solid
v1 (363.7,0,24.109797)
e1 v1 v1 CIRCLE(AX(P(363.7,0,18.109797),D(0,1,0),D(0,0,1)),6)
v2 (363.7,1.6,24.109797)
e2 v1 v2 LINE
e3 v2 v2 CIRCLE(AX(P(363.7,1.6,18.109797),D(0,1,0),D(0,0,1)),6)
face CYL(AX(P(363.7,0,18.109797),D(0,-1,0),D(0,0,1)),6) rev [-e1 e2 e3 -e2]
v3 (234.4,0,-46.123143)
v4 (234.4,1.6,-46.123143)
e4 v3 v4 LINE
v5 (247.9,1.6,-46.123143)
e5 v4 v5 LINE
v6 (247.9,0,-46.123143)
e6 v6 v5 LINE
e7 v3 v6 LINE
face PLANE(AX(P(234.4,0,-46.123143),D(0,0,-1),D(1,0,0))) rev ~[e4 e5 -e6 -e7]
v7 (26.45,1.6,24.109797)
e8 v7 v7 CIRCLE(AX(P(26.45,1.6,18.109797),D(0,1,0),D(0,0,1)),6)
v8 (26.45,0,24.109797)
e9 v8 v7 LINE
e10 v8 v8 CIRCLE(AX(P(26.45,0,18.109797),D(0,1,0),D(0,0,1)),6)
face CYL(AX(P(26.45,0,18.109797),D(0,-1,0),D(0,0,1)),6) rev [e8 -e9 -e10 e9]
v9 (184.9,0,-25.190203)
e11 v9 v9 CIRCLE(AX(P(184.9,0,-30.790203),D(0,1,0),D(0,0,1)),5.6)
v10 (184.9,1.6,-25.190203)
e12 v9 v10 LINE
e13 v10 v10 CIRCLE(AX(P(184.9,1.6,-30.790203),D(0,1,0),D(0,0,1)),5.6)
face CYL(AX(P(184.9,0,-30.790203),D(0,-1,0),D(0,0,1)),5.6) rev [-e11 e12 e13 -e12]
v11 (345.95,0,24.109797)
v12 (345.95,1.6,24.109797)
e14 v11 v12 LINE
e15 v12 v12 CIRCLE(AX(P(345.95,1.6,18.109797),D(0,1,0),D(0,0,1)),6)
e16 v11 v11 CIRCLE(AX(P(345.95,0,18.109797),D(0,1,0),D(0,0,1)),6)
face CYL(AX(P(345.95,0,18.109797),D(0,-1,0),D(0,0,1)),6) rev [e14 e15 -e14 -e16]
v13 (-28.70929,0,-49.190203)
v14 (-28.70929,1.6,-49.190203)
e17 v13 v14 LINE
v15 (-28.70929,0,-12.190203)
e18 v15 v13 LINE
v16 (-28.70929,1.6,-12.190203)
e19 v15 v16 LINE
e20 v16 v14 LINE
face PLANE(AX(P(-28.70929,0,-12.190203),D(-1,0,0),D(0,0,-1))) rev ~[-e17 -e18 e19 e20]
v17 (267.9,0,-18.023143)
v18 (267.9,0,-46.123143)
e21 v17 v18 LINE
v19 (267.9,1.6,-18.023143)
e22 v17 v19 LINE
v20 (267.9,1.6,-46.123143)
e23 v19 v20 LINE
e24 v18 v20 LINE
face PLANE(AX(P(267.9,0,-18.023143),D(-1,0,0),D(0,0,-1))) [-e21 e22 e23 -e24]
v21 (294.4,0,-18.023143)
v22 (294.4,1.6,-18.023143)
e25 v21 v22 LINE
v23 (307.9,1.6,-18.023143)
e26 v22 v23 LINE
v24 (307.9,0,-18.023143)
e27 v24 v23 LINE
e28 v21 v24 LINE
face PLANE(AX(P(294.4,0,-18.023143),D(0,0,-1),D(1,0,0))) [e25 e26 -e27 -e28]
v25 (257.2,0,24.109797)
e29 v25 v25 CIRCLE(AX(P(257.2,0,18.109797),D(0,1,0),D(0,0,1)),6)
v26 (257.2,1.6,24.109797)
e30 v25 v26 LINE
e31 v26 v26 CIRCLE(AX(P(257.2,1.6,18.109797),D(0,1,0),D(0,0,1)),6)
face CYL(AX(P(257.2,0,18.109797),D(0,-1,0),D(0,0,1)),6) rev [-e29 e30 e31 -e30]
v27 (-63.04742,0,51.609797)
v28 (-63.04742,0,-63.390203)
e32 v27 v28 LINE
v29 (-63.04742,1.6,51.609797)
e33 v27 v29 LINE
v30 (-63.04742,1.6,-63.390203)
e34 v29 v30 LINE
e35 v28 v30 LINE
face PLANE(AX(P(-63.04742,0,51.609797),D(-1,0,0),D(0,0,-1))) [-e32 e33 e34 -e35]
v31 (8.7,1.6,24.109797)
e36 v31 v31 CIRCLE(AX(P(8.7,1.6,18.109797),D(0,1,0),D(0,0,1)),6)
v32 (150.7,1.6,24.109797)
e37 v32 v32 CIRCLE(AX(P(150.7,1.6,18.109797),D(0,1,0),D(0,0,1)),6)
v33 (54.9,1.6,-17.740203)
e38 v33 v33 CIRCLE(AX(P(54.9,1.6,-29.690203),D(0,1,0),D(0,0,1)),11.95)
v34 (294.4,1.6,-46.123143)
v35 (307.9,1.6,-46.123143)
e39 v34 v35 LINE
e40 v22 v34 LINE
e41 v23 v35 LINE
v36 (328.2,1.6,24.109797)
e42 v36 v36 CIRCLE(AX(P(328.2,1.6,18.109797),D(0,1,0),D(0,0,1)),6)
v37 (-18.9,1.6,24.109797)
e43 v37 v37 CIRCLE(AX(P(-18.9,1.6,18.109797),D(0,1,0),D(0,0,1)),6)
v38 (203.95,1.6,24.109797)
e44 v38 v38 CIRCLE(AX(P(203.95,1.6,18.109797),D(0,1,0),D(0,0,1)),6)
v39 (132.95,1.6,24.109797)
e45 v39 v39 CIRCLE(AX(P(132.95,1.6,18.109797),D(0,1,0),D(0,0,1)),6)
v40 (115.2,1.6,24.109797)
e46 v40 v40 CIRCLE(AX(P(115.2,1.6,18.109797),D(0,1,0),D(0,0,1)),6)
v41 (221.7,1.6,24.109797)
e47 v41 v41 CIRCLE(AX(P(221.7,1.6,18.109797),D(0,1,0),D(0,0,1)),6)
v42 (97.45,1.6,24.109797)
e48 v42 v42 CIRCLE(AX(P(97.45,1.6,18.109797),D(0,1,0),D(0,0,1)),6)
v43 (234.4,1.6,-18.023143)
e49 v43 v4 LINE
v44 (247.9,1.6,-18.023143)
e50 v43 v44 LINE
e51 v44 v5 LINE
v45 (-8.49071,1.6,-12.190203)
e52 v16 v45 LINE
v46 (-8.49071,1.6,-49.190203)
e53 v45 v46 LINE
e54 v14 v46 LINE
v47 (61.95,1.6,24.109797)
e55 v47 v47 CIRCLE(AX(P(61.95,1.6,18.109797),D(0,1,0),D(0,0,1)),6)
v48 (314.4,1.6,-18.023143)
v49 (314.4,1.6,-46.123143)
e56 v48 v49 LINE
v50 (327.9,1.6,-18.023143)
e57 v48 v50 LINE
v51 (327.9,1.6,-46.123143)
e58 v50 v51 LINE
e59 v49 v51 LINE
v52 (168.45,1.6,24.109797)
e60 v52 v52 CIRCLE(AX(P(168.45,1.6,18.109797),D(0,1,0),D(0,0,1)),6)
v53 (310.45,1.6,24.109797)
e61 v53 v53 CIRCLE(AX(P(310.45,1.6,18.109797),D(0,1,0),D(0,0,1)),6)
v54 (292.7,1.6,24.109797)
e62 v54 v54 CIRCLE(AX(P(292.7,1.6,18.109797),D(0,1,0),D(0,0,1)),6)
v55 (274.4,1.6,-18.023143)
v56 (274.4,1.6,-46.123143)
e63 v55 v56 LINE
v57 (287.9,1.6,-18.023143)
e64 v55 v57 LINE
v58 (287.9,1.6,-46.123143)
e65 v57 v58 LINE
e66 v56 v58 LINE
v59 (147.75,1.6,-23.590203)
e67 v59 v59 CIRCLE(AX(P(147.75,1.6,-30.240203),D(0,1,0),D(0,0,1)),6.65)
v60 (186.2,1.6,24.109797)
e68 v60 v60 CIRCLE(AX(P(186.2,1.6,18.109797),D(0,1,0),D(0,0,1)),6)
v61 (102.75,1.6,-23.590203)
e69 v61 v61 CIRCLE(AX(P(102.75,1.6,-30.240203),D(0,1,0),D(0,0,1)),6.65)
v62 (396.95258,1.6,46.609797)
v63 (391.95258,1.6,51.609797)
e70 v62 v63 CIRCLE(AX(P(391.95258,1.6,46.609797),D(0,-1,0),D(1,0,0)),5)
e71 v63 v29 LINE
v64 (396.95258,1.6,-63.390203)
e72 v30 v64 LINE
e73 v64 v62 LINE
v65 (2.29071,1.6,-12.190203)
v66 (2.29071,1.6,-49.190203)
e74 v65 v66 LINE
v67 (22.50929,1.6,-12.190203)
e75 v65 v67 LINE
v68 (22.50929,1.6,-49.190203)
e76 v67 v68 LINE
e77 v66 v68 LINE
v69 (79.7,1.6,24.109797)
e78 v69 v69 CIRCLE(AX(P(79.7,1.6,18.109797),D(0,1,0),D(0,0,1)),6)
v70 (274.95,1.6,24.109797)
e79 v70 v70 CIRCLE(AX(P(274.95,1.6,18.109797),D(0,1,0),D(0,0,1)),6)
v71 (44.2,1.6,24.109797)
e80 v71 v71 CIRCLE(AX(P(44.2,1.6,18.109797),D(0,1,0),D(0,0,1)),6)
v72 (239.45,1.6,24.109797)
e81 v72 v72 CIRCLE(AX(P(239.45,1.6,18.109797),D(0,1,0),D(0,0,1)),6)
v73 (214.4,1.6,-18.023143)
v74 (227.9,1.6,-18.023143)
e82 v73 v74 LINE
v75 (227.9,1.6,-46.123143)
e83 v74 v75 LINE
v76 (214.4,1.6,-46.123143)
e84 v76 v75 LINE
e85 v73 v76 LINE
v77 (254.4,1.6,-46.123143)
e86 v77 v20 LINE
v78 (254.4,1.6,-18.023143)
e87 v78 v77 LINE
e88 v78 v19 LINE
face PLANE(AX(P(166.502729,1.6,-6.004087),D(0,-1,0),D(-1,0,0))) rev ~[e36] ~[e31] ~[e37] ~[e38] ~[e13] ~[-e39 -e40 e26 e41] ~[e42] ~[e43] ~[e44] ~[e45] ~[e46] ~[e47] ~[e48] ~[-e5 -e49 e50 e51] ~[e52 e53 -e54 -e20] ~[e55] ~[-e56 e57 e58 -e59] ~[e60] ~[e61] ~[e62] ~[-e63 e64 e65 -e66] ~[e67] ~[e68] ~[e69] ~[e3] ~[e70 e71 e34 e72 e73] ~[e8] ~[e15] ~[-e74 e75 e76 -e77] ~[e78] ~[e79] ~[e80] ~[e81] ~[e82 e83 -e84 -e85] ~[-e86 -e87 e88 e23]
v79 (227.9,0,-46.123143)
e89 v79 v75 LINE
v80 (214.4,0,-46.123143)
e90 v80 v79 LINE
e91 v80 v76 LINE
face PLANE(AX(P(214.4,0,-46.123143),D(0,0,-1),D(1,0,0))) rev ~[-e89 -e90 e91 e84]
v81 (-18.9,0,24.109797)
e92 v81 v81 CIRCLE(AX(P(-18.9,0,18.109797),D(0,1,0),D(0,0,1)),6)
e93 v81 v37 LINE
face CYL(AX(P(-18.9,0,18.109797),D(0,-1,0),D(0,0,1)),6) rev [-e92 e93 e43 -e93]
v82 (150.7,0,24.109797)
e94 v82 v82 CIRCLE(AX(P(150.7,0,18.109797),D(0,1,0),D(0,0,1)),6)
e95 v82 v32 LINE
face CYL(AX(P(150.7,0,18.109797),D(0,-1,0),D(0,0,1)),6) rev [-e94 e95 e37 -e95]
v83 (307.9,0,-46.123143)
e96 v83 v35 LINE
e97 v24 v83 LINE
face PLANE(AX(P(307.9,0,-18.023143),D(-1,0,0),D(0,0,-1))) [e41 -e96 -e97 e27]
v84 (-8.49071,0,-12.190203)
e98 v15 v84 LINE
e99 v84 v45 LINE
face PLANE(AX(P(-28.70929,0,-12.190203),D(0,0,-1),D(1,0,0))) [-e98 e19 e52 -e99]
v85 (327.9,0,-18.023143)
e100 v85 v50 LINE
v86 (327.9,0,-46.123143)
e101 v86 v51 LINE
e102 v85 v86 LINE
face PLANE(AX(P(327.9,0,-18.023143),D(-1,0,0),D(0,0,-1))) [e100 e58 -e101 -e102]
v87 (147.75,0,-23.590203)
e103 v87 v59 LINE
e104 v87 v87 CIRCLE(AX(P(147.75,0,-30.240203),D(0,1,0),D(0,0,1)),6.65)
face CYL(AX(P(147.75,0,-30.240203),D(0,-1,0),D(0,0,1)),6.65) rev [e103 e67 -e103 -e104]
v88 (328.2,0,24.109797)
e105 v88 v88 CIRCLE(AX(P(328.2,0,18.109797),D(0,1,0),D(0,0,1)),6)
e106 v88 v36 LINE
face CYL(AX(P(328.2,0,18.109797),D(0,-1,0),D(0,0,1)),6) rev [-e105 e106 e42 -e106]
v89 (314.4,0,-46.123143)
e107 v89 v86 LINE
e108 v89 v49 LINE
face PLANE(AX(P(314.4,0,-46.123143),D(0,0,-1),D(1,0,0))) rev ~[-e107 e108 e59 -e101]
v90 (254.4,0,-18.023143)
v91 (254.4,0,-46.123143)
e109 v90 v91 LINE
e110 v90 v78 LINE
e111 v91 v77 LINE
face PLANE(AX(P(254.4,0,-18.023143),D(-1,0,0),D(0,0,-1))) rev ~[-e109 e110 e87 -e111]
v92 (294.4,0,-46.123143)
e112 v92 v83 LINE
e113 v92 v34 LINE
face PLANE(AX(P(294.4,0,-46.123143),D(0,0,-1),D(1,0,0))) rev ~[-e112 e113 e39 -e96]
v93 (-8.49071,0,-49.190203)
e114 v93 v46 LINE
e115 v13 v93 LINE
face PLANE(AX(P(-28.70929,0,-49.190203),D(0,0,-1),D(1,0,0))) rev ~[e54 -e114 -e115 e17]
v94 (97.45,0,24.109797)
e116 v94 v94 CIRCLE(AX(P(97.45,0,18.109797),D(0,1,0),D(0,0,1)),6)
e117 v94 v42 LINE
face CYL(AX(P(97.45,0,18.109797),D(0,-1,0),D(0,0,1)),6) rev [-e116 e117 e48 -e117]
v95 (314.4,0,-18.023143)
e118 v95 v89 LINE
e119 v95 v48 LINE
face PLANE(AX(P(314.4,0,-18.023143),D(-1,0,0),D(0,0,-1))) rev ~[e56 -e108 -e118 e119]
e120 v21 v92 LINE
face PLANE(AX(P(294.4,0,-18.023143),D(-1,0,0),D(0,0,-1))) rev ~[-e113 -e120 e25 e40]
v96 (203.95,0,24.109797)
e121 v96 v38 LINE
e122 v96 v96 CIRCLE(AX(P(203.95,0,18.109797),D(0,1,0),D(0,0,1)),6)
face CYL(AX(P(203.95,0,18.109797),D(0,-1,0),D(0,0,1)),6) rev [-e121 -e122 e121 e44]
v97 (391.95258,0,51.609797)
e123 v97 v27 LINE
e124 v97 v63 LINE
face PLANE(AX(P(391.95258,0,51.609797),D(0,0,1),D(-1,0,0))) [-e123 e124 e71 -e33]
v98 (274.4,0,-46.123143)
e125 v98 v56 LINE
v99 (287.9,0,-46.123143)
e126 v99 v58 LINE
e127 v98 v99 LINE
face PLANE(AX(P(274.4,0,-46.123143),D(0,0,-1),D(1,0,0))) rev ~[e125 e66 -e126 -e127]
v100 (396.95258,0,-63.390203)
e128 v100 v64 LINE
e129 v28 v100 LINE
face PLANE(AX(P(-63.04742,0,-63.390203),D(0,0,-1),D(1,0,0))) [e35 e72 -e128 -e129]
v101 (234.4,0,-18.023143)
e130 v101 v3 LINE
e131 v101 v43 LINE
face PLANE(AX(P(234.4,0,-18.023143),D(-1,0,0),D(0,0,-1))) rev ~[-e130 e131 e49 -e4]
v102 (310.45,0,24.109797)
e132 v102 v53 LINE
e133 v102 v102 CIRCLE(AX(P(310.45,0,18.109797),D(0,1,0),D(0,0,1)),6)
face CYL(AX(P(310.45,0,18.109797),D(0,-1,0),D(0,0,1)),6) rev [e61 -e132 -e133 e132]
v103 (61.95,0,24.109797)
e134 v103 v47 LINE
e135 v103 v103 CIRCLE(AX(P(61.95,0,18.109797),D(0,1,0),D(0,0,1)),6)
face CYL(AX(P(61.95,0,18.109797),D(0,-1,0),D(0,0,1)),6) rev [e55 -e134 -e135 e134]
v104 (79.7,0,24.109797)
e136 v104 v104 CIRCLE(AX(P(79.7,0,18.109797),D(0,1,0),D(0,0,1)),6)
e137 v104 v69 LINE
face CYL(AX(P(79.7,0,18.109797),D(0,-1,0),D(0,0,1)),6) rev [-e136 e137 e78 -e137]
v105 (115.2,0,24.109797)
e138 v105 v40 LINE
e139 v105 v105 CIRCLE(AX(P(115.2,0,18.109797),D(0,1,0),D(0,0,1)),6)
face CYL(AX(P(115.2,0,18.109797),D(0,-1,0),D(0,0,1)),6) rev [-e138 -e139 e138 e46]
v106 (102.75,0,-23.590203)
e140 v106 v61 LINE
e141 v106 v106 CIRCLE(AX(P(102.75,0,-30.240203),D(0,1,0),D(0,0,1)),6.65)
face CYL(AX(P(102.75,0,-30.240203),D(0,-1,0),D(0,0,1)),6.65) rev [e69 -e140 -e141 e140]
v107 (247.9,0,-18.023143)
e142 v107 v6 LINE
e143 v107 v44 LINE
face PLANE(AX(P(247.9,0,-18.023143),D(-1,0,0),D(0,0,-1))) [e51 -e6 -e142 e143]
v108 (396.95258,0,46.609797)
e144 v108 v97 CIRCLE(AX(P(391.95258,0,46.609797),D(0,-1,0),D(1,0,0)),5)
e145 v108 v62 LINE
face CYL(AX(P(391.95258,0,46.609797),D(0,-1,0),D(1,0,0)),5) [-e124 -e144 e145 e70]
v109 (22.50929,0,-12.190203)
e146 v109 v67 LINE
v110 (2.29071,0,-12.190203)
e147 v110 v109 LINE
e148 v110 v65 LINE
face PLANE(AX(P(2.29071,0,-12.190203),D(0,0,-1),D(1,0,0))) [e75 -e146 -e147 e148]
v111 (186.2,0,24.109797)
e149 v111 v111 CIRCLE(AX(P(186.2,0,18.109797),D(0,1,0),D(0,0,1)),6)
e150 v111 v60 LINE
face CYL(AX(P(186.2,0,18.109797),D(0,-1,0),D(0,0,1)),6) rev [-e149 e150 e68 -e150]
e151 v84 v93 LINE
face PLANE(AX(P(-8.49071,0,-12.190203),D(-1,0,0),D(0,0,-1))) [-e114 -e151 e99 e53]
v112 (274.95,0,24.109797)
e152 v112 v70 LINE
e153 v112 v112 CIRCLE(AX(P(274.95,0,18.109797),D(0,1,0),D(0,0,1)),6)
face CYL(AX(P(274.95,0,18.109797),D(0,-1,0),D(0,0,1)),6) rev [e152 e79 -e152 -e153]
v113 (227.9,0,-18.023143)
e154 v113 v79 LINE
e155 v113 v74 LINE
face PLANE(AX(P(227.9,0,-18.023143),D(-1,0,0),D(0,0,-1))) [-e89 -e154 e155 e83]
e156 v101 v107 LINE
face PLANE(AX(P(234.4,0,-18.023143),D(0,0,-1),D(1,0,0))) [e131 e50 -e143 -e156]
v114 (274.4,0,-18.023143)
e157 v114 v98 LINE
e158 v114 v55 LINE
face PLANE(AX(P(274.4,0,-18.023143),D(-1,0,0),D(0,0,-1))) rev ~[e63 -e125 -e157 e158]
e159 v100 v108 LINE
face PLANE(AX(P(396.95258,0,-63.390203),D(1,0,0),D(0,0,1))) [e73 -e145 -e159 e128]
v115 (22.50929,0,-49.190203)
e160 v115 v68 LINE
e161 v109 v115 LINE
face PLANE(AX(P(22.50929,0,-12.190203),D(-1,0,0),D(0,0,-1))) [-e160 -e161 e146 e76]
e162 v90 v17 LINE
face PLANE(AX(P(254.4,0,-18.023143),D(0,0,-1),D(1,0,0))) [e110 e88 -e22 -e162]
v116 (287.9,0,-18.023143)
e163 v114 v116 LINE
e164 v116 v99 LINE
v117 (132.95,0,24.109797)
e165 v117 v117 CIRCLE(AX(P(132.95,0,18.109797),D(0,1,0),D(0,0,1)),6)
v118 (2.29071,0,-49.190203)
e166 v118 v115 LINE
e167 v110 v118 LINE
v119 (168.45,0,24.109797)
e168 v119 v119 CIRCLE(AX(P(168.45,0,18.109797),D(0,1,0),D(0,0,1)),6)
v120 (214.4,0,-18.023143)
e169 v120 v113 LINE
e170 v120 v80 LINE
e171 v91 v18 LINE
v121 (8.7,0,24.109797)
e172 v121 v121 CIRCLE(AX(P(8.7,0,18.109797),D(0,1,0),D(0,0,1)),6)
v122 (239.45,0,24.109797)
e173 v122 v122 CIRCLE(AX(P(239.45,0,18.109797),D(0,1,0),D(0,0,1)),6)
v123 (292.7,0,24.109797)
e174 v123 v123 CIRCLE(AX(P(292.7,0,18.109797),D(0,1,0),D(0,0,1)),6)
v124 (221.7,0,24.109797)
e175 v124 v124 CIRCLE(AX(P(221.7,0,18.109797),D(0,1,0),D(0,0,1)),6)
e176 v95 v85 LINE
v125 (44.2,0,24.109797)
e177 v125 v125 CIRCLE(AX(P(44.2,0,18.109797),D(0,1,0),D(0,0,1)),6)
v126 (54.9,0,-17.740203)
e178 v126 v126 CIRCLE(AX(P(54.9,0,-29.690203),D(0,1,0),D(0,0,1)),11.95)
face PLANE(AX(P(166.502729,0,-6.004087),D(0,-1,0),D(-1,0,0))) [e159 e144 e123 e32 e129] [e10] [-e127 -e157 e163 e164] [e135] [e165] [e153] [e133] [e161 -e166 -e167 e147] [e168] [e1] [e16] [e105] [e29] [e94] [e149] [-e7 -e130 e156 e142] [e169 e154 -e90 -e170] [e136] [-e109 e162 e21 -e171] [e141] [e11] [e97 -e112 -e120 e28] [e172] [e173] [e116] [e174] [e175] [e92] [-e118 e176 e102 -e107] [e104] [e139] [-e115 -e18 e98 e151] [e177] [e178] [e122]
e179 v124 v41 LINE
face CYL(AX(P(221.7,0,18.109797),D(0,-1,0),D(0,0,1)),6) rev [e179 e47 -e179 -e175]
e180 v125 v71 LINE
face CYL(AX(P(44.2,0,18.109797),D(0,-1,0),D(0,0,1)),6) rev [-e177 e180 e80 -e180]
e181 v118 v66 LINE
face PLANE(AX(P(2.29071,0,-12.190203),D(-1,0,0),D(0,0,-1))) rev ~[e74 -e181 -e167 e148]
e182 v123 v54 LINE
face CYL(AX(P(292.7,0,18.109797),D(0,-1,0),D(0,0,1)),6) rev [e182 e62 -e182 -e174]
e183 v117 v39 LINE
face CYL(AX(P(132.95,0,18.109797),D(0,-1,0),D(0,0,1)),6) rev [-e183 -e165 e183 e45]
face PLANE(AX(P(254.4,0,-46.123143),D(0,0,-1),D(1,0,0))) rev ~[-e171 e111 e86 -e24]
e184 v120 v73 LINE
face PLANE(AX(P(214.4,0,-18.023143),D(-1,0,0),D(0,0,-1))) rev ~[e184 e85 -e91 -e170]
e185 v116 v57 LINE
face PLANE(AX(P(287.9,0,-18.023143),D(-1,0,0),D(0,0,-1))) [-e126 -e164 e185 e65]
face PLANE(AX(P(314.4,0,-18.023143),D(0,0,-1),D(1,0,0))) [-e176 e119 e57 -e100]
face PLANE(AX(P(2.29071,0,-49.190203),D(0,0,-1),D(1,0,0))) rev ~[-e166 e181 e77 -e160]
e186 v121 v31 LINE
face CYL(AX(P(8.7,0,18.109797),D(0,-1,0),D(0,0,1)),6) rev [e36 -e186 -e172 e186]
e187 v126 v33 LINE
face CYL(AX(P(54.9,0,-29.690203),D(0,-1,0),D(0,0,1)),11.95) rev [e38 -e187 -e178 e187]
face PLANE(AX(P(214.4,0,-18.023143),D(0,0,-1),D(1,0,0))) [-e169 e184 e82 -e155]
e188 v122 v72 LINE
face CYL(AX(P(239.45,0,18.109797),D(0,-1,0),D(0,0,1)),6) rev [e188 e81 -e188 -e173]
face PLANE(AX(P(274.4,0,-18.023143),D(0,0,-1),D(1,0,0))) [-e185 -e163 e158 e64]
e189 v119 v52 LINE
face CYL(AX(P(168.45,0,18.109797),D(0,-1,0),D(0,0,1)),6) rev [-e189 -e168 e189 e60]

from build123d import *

# Parameters (mm, degrees)
SKETCH4_R           = 11.95
SKETCH4_R_2         = 6.65
SKETCH4_R_3         = 5.6
SKETCH4_R_4         = 6
SKETCH4_W           = 20.218579234
SKETCH4_H           = 37
SKETCH4_W_2         = 13.5
SKETCH4_H_2         = 28.1
BOSS_EXTRUDE1_DEPTH = 1.6


with BuildPart() as part:
    # Sketch4 → Boss-Extrude1 (new body)
    with BuildSketch(Plane(origin=(0, 0, 0), x_dir=(1, 0, 0), z_dir=(0, 1, 0))):
        with BuildLine():
            Line((-60.547420146, 63.390203379), (394.452579854, 63.390203379))
            Line((394.452579854, 63.390203379), (396.952579854, 63.390203379))
            Line((396.952579854, 63.390203379), (396.952579854, -46.609796621))
            ThreePointArc((396.952579854, -46.609796621), (395.48811376, -50.145330527), (391.952579854, -51.609796621))
            Line((391.952579854, -51.609796621), (-60.547420146, -51.609796621))
            Line((-60.547420146, -51.609796621), (-63.047420146, -51.609796621))
            Line((-63.047420146, -51.609796621), (-63.047420146, 63.390203379))
            Line((-63.047420146, 63.390203379), (-60.547420146, 63.390203379))
        make_face()
        with Locations(Location((54.9, 29.690203379, 0), (0, 0, 270))):
            Circle(SKETCH4_R, mode=Mode.SUBTRACT)
        with Locations(Location((102.75, 30.240203379, 0), (0, 0, 270))):
            Circle(SKETCH4_R_2, mode=Mode.SUBTRACT)
        with Locations(Location((147.75, 30.240203379, 0), (0, 0, 270))):
            Circle(SKETCH4_R_2, mode=Mode.SUBTRACT)
        with Locations(Location((184.9, 30.790203379, 0), (0, 0, 270))):
            Circle(SKETCH4_R_3, mode=Mode.SUBTRACT)
        with Locations(Location((-18.9, -18.109796621, 0), (0, 0, 270))):
            Circle(SKETCH4_R_4, mode=Mode.SUBTRACT)
        with Locations(Location((8.7, -18.109796621, 0), (0, 0, 270))):
            Circle(SKETCH4_R_4, mode=Mode.SUBTRACT)
        with Locations(Location((26.45, -18.109796621, 0), (0, 0, 270))):
            Circle(SKETCH4_R_4, mode=Mode.SUBTRACT)
        with Locations(Location((44.2, -18.109796621, 0), (0, 0, 270))):
            Circle(SKETCH4_R_4, mode=Mode.SUBTRACT)
        with Locations(Location((61.95, -18.109796621, 0), (0, 0, 270))):
            Circle(SKETCH4_R_4, mode=Mode.SUBTRACT)
        with Locations(Location((79.7, -18.109796621, 0), (0, 0, 270))):
            Circle(SKETCH4_R_4, mode=Mode.SUBTRACT)
        with Locations(Location((97.45, -18.109796621, 0), (0, 0, 270))):
            Circle(SKETCH4_R_4, mode=Mode.SUBTRACT)
        with Locations(Location((115.2, -18.109796621, 0), (0, 0, 270))):
            Circle(SKETCH4_R_4, mode=Mode.SUBTRACT)
        with Locations(Location((132.95, -18.109796621, 0), (0, 0, 270))):
            Circle(SKETCH4_R_4, mode=Mode.SUBTRACT)
        with Locations(Location((150.7, -18.109796621, 0), (0, 0, 270))):
            Circle(SKETCH4_R_4, mode=Mode.SUBTRACT)
        with Locations(Location((168.45, -18.109796621, 0), (0, 0, 270))):
            Circle(SKETCH4_R_4, mode=Mode.SUBTRACT)
        with Locations(Location((186.2, -18.109796621, 0), (0, 0, 270))):
            Circle(SKETCH4_R_4, mode=Mode.SUBTRACT)
        with Locations(Location((203.95, -18.109796621, 0), (0, 0, 270))):
            Circle(SKETCH4_R_4, mode=Mode.SUBTRACT)
        with Locations(Location((221.7, -18.109796621, 0), (0, 0, 270))):
            Circle(SKETCH4_R_4, mode=Mode.SUBTRACT)
        with Locations(Location((239.45, -18.109796621, 0), (0, 0, 270))):
            Circle(SKETCH4_R_4, mode=Mode.SUBTRACT)
        with Locations(Location((257.2, -18.109796621, 0), (0, 0, 270))):
            Circle(SKETCH4_R_4, mode=Mode.SUBTRACT)
        with Locations(Location((274.95, -18.109796621, 0), (0, 0, 270))):
            Circle(SKETCH4_R_4, mode=Mode.SUBTRACT)
        with Locations(Location((292.7, -18.109796621, 0), (0, 0, 270))):
            Circle(SKETCH4_R_4, mode=Mode.SUBTRACT)
        with Locations(Location((310.45, -18.109796621, 0), (0, 0, 270))):
            Circle(SKETCH4_R_4, mode=Mode.SUBTRACT)
        with Locations(Location((328.2, -18.109796621, 0), (0, 0, 270))):
            Circle(SKETCH4_R_4, mode=Mode.SUBTRACT)
        with Locations(Location((345.95, -18.109796621, 0), (0, 0, 270))):
            Circle(SKETCH4_R_4, mode=Mode.SUBTRACT)
        with Locations(Location((363.7, -18.109796621, 0), (0, 0, 270))):
            Circle(SKETCH4_R_4, mode=Mode.SUBTRACT)
        with Locations((-18.6, 30.690203379)):
            Rectangle(SKETCH4_W, SKETCH4_H, mode=Mode.SUBTRACT)
        with Locations((12.4, 30.690203379)):
            Rectangle(SKETCH4_W, SKETCH4_H, mode=Mode.SUBTRACT)
        with Locations((241.15, 32.073143277)):
            Rectangle(SKETCH4_W_2, SKETCH4_H_2, mode=Mode.SUBTRACT)
        with Locations((221.15, 32.073143277)):
            Rectangle(SKETCH4_W_2, SKETCH4_H_2, mode=Mode.SUBTRACT)
        with Locations((261.15, 32.073143277)):
            Rectangle(SKETCH4_W_2, SKETCH4_H_2, mode=Mode.SUBTRACT)
        with Locations((281.15, 32.073143277)):
            Rectangle(SKETCH4_W_2, SKETCH4_H_2, mode=Mode.SUBTRACT)
        with Locations((301.15, 32.073143277)):
            Rectangle(SKETCH4_W_2, SKETCH4_H_2, mode=Mode.SUBTRACT)
        with Locations((321.15, 32.073143277)):
            Rectangle(SKETCH4_W_2, SKETCH4_H_2, mode=Mode.SUBTRACT)
    extrude(amount=BOSS_EXTRUDE1_DEPTH)


solid = part.part
